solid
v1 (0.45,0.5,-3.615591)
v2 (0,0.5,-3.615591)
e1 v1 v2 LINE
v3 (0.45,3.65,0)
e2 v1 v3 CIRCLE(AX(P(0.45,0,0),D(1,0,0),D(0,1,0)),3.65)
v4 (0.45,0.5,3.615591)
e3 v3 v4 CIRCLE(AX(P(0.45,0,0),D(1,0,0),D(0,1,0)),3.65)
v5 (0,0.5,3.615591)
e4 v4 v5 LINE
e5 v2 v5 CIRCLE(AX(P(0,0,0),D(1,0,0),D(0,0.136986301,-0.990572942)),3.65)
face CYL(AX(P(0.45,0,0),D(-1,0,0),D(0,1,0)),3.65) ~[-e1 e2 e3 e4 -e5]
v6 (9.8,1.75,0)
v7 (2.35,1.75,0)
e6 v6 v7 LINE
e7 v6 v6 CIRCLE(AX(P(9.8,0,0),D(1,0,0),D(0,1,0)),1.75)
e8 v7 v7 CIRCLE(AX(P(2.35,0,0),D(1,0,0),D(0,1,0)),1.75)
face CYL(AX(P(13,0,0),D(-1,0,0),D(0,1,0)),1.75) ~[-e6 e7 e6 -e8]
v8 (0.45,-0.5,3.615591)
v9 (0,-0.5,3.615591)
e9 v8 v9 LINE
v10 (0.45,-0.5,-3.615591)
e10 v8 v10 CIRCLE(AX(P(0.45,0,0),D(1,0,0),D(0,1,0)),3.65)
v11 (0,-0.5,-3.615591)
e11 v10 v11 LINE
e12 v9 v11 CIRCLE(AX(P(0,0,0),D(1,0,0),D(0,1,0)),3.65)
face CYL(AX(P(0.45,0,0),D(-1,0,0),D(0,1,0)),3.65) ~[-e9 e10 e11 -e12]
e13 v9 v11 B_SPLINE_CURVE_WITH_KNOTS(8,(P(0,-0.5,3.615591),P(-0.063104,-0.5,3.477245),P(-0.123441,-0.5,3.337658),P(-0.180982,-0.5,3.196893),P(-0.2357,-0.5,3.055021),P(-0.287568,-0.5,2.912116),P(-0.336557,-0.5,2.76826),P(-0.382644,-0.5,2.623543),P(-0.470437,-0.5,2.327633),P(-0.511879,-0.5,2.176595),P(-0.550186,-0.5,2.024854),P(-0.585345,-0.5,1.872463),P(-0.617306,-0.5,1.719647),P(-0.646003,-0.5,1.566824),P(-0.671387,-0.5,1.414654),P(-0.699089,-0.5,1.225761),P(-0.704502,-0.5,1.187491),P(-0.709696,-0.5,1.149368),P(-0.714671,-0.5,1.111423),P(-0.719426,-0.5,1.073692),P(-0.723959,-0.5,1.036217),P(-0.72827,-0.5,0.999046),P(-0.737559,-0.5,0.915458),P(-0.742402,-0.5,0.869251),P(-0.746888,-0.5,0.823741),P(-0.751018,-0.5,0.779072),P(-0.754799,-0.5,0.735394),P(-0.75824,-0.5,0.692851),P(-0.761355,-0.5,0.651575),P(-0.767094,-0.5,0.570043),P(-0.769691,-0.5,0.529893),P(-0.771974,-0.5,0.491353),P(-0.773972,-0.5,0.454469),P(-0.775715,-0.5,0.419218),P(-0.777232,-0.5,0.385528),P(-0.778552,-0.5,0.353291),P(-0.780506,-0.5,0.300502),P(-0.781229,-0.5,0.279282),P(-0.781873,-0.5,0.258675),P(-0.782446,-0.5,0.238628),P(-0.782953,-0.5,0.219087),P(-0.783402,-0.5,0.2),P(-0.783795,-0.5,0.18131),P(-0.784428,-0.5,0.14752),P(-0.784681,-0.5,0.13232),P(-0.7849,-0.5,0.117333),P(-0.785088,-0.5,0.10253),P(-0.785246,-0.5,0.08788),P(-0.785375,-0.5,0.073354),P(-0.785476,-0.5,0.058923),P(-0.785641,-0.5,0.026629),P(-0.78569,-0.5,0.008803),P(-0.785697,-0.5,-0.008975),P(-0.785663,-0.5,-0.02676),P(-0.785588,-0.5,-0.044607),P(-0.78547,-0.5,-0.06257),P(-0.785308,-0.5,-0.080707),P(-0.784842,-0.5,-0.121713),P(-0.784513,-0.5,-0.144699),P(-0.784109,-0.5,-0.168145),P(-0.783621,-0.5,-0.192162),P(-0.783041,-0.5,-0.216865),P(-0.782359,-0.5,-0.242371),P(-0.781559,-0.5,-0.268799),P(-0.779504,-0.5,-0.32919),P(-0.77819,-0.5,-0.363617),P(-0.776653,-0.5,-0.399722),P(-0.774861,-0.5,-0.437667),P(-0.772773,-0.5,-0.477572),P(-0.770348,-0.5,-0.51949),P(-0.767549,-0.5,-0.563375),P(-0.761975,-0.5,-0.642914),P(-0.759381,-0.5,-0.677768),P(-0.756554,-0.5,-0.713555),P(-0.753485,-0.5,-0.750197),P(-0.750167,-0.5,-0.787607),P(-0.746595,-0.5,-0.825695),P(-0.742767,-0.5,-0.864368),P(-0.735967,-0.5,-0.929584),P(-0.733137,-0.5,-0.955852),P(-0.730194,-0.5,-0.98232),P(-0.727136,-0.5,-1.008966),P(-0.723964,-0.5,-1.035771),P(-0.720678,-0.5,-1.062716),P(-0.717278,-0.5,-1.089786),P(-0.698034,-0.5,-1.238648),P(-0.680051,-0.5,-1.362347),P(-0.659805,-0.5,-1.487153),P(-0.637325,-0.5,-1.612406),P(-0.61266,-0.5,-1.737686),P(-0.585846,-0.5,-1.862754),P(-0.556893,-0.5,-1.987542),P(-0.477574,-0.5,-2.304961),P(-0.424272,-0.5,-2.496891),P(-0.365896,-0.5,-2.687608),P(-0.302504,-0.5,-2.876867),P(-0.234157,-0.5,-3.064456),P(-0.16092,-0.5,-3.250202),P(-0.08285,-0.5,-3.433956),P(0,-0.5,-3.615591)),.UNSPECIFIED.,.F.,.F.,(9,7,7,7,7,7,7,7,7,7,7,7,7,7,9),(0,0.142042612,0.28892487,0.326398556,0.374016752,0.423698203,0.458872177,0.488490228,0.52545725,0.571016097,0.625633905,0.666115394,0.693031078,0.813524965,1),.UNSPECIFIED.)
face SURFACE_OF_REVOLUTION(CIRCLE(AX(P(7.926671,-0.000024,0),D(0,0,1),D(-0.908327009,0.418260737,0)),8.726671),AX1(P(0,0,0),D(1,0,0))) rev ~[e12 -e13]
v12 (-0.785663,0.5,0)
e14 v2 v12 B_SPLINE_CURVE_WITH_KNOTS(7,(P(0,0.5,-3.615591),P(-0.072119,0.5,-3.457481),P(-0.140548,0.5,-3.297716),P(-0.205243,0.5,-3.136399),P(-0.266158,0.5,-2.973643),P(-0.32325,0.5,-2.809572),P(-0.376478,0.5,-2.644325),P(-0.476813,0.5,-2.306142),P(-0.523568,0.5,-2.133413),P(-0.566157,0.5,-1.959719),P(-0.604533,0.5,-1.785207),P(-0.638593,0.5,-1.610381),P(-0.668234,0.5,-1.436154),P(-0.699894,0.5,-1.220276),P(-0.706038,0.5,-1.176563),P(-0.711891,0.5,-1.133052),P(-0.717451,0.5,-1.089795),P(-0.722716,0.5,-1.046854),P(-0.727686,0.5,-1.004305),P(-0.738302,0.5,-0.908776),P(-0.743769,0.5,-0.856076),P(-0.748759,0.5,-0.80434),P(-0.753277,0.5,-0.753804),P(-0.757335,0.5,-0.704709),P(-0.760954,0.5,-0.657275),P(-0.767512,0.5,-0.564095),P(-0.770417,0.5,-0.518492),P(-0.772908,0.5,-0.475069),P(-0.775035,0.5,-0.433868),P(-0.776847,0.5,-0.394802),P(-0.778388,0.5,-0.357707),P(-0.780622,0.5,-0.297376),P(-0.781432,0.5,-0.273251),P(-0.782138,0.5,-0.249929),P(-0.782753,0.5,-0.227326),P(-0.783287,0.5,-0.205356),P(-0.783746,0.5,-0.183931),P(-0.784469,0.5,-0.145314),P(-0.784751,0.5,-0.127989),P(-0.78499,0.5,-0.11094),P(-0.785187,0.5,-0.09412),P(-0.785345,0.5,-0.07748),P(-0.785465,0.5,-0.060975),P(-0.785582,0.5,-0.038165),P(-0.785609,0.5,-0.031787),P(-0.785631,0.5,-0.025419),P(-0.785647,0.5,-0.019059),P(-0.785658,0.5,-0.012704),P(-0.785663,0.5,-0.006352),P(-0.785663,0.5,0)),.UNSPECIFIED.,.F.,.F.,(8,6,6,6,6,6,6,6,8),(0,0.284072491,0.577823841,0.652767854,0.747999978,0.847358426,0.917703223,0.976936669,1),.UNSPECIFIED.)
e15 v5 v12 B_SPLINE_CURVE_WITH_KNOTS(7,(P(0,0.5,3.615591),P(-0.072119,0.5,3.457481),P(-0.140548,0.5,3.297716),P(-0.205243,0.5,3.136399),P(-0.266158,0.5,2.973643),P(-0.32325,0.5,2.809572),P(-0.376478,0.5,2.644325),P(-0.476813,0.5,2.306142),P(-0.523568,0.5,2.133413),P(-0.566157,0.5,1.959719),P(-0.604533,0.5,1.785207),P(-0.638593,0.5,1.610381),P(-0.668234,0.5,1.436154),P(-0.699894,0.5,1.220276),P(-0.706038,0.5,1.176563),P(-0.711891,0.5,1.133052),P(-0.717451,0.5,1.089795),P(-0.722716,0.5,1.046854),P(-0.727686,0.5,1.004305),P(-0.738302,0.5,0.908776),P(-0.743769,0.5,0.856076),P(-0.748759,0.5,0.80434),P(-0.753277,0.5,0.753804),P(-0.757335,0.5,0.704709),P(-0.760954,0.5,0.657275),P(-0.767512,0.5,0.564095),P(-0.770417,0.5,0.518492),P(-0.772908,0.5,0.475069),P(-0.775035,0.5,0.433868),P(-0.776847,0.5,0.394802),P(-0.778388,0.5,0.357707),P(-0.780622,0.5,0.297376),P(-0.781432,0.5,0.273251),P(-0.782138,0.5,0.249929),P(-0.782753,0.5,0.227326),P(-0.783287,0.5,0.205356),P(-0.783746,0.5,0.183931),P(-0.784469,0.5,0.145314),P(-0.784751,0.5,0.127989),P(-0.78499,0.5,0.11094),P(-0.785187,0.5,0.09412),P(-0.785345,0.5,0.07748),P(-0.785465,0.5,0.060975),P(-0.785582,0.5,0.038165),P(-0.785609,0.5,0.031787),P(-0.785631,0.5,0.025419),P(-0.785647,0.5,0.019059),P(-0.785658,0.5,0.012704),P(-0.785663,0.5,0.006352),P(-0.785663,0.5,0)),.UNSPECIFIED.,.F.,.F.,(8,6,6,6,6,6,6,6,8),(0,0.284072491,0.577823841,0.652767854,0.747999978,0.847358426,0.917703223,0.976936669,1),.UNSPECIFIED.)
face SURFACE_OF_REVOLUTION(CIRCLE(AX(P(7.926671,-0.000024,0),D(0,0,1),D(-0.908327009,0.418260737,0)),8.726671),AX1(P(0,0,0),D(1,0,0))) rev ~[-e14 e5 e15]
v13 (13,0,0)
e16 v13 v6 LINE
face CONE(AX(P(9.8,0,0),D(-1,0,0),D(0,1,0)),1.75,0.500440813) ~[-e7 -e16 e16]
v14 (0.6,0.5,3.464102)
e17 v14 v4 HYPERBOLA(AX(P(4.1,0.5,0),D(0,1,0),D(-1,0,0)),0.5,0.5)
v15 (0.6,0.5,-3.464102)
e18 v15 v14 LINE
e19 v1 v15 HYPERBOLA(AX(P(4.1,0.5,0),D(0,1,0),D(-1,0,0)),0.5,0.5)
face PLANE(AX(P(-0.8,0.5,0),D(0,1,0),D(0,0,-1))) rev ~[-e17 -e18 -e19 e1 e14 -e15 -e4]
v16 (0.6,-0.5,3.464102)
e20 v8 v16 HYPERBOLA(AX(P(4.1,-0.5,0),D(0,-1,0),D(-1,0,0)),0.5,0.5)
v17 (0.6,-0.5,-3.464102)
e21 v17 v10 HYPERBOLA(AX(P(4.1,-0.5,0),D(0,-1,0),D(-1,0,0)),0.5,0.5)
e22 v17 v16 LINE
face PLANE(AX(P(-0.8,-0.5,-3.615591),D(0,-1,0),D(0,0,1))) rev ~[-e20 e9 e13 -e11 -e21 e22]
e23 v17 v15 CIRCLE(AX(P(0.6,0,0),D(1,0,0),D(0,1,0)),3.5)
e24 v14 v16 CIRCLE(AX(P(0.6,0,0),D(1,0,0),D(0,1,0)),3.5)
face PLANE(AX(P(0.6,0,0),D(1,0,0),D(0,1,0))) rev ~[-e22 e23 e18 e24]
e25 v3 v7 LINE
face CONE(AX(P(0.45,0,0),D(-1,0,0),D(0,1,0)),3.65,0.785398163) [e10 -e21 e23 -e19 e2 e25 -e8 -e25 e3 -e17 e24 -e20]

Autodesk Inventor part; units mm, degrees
ref_plane "YZ Plane" through (0, 0, 0) normal (1, 0, 0) x (0, 1, 0)
sketch "Sketch1" plane through (0, 0, 0) normal (0, 0, 1) x (1, 0, 0)
  line L0 (13, 0) -> (13, 1.75)
  line L1 (13, 1.75) -> (2.35, 1.75)
  line L2 (0.45, 3.65) -> (0, 3.65)
  line L3 (0, 3.65) -> (0, 0) construction
  arc A0 (0, 3.65) -> (-0.8, 0) centre (7.9266, 0) ccw
  line L4 (-3.7972, 0) -> (15.7995, 0) projected
  line L5 (0, -0.7387) -> (0, 4.432) projected
  line L6 (-0.8, 0) -> (-0.8, 3.65) construction
  line L7 (-0.8, 3.65) -> (0, 3.65) construction
  line L8 (0, 3.65) -> (0, 0)
  line L9 (-0.8, 0) -> (0, 0)
  line L10 (0, 0) -> (13, 0)
  line L11 (0.45, 3.65) -> (2.35, 1.75)
  dimension "d0" = 0.8
  dimension "d1" = 3.5
  dimension "d2" = 7.3
  dimension "d11" = 45
  dimension "d14" = 2.35
  dimension "d15" = 10.65
revolve "Body" add sketch "Sketch1" angle 360 about axis through (0, 0, 0) along (1, 0, 0)
ref_plane "IDS_WORKPLANE{1}" through (-0.8, 0, 0) normal (1, 0, 0) x (0, 1, 0)
sketch "Sketch2" plane through (-0.8, 0, 0) normal (1, 0, 0) x (0, 1, 0)
  line L0 (0, -5.11) -> (0, 5.11) projected
  line L1 (-5.11, 0) -> (5.11, 0) projected
  line L2 (0.5, -3.65) -> (-0.5, -3.65)
  line L3 (-0.5, -3.65) -> (-0.5, 3.65)
  line L4 (-0.5, 3.65) -> (0.5, 3.65)
  line L5 (0.5, 3.65) -> (0.5, -3.65)
  line L6 (0, 3.65) -> (0, -3.65) construction
  line L7 (-0.5, 0) -> (0.5, 0) construction
  circle A0 centre (0, 0) radius 3.65 projected
  dimension "d8" = 1
extrude "Slot" cut sketch "Sketch2" along normal blind 1.4 contours A0 L3 L1 L0 | A0 L5 L2 | L2 L3 A0 | L0 L1 L5 A0 | L1 L3 A0 L0 | L0 A0 L5 L1 | A0 L3 L4 | L4 L5 A0
thread "Thread" size "ST3.5x1.3" class "6g" standard "Metric Forming Screw Threads" length 10.65
chamfer "Chamfer1" distance 1.75 distance2 3.2 1 edges at (13, -1.75, 0) measured on face at (13, -0.4366, 0.1076)
ref_plane "Work Plane2" through (3.5, 0, 0) normal (0, 0, -1) x (1, 0, 0)
equation "\"d0\" = KR"
equation "\"d1\" = NND"
equation "\"d2\" = KOD"
equation "\"d11\" = 0.5 * SEWI"
equation "\"d14\" = KOH"
equation "\"d15\" = GEL"
equation "\"d8\" = SBR"
equation "\"d9\" = STI"
equation "\"d3\" = GEL"
equation "\"d5\" = -0.5 * GD2 + 0.5 * NND"
equation "\"d6\" = SPTZ"
equation "\"NND\" = 3.5"
equation "\"GEL\" = 10.65"
equation "\"KOD\" = 7.3"
equation "\"KOH\" = 2.35"
equation "\"STI\" = 1.4"
equation "\"SBR\" = 1"
equation "\"KR\" = 0.8"
equation "\"SPTZ\" = 3.2"
equation "\"GD2\" = 0"
equation "\"SEWI\" = 90deg"
equation "\"d7\" = -KR"
equation "\"EPV\" = 4.1"
equation "\"THREADDIA\" = 3.5"
equation "\"TOA\" = 30deg"
equation "\"NLG\" = 13"
equation "\"PTC\" = 1.3"
equation "\"GD1\" = 2.64"
properties part number "ISO 1483 - ST3.5 x 13 - C" material "Steel"
